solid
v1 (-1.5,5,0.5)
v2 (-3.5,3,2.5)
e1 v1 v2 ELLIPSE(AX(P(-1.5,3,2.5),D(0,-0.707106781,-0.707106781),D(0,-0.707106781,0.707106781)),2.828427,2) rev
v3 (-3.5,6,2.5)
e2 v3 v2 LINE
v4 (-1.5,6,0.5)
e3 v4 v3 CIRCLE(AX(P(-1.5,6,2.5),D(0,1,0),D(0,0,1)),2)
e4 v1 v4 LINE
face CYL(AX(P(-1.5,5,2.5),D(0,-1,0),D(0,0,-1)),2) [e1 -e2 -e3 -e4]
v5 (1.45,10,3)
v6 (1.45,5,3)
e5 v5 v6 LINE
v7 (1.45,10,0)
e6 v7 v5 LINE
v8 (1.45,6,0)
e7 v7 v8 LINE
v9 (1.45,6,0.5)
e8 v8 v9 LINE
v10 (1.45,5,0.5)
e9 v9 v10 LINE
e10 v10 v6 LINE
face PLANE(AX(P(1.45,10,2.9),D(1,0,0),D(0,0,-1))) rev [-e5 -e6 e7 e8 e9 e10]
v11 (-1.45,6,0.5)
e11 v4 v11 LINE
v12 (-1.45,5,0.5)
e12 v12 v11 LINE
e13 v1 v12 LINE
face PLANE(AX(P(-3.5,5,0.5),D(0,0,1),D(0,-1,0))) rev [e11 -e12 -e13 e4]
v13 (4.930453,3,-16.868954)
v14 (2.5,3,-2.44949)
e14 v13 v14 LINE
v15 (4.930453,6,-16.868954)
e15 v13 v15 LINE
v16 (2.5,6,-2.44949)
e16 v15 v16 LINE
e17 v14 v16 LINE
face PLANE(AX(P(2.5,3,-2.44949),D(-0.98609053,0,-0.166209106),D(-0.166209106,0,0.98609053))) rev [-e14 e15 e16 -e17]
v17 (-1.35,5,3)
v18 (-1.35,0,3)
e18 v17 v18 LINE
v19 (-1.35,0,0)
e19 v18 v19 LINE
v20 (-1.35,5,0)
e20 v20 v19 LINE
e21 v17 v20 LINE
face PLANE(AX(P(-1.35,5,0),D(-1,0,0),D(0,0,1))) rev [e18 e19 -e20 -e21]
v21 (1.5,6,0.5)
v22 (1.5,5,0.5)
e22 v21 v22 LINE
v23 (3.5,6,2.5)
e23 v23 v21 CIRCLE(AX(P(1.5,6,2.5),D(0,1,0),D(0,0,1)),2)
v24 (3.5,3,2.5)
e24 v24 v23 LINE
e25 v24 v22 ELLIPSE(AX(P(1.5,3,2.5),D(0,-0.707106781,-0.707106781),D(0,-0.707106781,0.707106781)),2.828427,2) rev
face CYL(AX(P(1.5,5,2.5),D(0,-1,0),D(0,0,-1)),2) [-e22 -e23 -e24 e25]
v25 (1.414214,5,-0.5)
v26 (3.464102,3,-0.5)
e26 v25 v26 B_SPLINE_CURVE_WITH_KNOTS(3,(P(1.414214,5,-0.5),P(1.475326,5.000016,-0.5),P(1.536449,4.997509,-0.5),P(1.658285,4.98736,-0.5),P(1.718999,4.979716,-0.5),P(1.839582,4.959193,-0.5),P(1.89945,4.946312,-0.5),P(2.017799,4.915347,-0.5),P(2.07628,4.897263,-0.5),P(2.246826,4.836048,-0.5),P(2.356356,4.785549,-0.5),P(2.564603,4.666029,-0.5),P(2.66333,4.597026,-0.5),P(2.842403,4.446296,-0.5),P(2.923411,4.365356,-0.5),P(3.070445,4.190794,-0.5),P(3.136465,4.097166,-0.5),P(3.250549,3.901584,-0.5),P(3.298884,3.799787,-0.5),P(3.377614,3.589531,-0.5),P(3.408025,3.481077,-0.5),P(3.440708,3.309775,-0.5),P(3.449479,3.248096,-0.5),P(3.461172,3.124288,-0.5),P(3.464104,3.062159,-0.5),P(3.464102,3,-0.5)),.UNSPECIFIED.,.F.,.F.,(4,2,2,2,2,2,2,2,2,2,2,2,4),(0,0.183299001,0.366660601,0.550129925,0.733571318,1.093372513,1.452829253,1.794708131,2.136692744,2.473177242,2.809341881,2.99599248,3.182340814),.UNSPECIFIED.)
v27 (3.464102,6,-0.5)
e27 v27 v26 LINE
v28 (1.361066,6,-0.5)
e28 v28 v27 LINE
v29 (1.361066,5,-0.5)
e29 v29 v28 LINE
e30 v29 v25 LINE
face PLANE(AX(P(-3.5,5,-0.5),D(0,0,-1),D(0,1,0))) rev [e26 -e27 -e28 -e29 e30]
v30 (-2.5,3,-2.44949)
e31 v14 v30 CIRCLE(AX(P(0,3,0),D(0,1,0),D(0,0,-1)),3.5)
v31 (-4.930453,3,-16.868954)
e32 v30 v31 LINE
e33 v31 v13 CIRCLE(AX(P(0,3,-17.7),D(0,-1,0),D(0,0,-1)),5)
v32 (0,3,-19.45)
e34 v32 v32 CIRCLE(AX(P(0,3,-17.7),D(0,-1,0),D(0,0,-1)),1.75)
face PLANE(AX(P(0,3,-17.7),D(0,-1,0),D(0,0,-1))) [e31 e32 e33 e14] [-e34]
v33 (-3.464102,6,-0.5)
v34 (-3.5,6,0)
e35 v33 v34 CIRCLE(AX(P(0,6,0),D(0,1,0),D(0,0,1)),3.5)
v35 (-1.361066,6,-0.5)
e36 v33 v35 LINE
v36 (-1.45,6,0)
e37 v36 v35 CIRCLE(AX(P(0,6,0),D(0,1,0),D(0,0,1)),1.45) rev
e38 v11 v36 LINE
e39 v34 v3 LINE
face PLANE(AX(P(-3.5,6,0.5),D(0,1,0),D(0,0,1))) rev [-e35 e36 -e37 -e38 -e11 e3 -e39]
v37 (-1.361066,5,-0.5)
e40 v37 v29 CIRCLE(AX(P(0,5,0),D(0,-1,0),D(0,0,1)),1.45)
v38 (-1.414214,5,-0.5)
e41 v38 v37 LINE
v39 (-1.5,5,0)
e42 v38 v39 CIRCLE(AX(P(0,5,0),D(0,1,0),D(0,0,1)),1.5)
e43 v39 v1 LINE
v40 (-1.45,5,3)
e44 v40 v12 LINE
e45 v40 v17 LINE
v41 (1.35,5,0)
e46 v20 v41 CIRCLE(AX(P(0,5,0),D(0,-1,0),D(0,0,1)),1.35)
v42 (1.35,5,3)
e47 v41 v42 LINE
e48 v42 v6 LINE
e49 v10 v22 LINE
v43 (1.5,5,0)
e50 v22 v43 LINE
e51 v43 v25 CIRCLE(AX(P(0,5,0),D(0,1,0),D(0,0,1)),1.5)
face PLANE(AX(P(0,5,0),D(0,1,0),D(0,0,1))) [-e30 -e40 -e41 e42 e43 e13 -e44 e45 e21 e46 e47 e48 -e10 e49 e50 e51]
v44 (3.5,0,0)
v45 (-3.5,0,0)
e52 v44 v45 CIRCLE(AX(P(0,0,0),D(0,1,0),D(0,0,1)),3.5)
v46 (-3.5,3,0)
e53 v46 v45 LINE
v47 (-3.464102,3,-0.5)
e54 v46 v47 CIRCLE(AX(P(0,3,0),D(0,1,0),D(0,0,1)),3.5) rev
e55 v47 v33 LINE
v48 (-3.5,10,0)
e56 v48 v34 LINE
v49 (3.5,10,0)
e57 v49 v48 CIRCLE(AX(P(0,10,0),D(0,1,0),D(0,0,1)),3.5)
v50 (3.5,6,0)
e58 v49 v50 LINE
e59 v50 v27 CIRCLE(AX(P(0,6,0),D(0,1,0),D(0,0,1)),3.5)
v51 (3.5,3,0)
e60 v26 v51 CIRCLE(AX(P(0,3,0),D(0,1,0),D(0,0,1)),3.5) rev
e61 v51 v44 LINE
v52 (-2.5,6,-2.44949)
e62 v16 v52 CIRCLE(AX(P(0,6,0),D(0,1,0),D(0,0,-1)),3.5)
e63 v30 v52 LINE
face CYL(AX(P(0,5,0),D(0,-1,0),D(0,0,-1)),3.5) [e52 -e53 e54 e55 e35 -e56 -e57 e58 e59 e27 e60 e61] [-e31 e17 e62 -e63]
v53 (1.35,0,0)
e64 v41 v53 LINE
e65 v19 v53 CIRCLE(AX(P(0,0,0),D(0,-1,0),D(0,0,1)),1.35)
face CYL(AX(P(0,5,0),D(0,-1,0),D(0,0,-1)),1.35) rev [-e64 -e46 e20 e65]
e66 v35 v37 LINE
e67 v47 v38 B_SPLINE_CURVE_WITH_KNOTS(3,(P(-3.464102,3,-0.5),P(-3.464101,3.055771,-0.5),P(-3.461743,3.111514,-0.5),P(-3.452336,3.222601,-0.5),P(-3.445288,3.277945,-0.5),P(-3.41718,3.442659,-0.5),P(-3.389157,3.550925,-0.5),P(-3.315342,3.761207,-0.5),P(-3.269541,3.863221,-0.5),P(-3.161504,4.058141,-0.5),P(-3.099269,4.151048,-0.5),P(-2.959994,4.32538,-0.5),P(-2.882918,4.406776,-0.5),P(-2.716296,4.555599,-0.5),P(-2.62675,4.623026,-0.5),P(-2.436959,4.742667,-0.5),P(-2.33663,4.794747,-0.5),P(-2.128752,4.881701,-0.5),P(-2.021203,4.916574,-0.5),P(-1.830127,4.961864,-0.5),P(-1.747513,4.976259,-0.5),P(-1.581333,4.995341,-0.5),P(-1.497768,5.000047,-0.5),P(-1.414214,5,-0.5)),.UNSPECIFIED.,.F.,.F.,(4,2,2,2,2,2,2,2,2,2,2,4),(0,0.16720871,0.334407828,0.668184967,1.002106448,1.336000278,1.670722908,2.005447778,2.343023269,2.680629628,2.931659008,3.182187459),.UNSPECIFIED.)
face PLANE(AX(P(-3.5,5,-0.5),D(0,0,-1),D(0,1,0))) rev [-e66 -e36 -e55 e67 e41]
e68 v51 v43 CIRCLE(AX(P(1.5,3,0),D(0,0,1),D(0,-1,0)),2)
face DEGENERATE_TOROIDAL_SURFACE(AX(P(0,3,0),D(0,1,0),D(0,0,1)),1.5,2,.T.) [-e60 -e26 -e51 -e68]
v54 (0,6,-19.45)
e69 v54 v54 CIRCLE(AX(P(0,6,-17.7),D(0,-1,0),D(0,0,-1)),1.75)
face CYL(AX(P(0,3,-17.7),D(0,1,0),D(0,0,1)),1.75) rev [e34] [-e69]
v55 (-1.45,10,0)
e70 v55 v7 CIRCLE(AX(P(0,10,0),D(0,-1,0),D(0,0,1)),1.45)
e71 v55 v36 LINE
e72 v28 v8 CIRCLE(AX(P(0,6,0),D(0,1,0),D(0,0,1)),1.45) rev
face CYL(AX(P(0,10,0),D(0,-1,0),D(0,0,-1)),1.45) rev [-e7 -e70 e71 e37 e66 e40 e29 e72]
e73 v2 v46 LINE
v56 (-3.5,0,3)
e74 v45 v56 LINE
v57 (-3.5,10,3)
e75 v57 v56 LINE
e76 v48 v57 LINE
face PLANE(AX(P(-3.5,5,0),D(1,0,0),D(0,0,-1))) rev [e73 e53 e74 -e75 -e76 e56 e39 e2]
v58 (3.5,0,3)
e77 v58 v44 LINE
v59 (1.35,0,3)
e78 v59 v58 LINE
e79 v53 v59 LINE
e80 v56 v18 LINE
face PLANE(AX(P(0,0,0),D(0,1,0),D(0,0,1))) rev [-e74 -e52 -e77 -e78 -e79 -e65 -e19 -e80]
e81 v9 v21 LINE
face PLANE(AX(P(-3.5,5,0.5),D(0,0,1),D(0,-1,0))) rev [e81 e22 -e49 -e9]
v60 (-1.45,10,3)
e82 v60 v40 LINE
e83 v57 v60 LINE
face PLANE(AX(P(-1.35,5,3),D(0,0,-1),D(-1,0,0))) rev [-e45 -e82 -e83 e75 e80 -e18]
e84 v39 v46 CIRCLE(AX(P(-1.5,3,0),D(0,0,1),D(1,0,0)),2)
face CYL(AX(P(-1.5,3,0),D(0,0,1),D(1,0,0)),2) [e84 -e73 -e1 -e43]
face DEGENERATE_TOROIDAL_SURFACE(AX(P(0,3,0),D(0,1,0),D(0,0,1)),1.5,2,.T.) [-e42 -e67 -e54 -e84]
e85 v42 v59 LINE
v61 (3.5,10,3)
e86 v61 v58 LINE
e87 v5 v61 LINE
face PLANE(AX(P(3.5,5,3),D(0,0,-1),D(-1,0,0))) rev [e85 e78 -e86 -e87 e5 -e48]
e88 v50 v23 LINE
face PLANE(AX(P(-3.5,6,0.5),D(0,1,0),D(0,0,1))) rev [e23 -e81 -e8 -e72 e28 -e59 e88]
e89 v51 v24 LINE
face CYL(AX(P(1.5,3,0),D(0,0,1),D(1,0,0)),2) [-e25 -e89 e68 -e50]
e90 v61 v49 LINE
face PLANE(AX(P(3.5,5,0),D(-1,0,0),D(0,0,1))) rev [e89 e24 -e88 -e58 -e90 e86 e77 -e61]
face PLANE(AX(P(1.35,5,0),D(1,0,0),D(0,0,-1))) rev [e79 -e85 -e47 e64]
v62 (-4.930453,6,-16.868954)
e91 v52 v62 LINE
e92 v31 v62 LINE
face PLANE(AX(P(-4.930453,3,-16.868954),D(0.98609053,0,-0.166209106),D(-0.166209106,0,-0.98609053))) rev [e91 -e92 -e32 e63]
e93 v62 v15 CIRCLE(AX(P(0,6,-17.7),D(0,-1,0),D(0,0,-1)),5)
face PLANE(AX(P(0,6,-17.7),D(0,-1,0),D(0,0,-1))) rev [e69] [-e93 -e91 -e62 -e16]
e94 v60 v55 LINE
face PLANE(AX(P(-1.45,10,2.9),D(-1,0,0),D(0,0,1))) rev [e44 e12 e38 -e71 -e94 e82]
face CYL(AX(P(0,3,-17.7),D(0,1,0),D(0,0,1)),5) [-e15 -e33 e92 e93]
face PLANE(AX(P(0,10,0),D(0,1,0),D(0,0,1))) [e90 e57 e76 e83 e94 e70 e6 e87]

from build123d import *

# Parameters (mm, degrees)
BOSS_EXTRUDE1_DEPTH     = 5
BOSS_EXTRUDE2_DEPTH     = 5
CUT_EXTRUDE1_DEPTH      = 12.694122455
CUT_EXTRUDE1_DEPTH_BACK = 12.694122455
SKETCH3_W               = 1
SKETCH3_H               = 1
FILLET1_R               = 2
BOSS_EXTRUDE3_START     = 3
SKETCH4_R               = 1.75
BOSS_EXTRUDE3_DEPTH     = 3


with BuildPart() as part:
    # Sketch1 → Boss-Extrude1 (new body)
    with BuildSketch(Plane(origin=(0, 0, 0), x_dir=(1, 0, 0), z_dir=(0, 1, 0))):
        with BuildLine():
            Line((-1.35, 0), (-1.35, -3))
            Line((-1.35, -3), (-3.5, -3))
            Line((-3.5, -3), (-3.5, 0))
            ThreePointArc((-3.5, 0), (0, 3.5), (3.5, 0))
            Line((3.5, 0), (3.5, -3))
            Line((3.5, -3), (1.35, -3))
            Line((1.35, -3), (1.35, 0))
            ThreePointArc((1.35, 0), (0, 1.35), (-1.35, 0))
        make_face()
    extrude(amount=BOSS_EXTRUDE1_DEPTH)

    # Sketch2 → Boss-Extrude2 (add)
    with BuildSketch(Plane(origin=(0, 5, 0), x_dir=(1, 0, 0), z_dir=(0, 1, 0))):
        with BuildLine():
            Line((-1.45, -2.9), (-1.45, 0))
            ThreePointArc((-1.45, 0), (0, 1.45), (1.45, 0))
            Line((1.45, 0), (1.45, -2.9))
            Line((1.45, -2.9), (1.45, -3))
            Line((1.45, -3), (3.5, -3))
            Line((3.5, -3), (3.5, 0))
            ThreePointArc((3.5, 0), (0, 3.5), (-3.5, 0))
            Line((-3.5, 0), (-3.5, -3))
            Line((-3.5, -3), (-1.45, -3))
            Line((-1.45, -3), (-1.45, -2.9))
        make_face()
    extrude(amount=BOSS_EXTRUDE2_DEPTH)

    # Sketch3 → Cut-Extrude1 (cut, two sides: drawn at the far end of the back side and taken through both)
    with BuildSketch(Plane(origin=(-1.45, 0, 0), x_dir=(0, 0, -1), z_dir=(1, 0, 0)).offset(-CUT_EXTRUDE1_DEPTH_BACK)):
        with Locations((0, 5.5)):
            Rectangle(SKETCH3_W, SKETCH3_H)
    extrude(amount=CUT_EXTRUDE1_DEPTH + CUT_EXTRUDE1_DEPTH_BACK, mode=Mode.SUBTRACT)

    # Fillet1
    fillet1_edges = [part.edges().sort_by_distance(p)[0] for p in [
        (3.5, 5.5, 0.5),
        (3.5, 5, 0.25),
        (-3.5, 5.5, 0.5),
        (3.491013868, 5, -0.250643519),
        (-3.5, 5, 0.25),
        (-3.491013868, 5, -0.250643519),
    ]]
    fillet(fillet1_edges, radius=FILLET1_R)

    # Sketch4 → Boss-Extrude3 (add)
    with BuildSketch(Plane.XZ.offset(-6).offset(BOSS_EXTRUDE3_START)):
        with BuildLine():
            Line((-4.930452649, -16.86895447), (-2.5, -2.449489743))
            ThreePointArc((-2.5, -2.449489743), (0, -3.5), (2.5, -2.449489743))
            Line((2.5, -2.449489743), (4.930452649, -16.86895447))
            ThreePointArc((4.930452649, -16.86895447), (0, -22.7), (-4.930452649, -16.86895447))
        make_face()
        with Locations(Location((0, -17.7, 0), (0, 0, 270))):
            Circle(SKETCH4_R, mode=Mode.SUBTRACT)
    extrude(amount=-BOSS_EXTRUDE3_DEPTH)


solid = part.part
